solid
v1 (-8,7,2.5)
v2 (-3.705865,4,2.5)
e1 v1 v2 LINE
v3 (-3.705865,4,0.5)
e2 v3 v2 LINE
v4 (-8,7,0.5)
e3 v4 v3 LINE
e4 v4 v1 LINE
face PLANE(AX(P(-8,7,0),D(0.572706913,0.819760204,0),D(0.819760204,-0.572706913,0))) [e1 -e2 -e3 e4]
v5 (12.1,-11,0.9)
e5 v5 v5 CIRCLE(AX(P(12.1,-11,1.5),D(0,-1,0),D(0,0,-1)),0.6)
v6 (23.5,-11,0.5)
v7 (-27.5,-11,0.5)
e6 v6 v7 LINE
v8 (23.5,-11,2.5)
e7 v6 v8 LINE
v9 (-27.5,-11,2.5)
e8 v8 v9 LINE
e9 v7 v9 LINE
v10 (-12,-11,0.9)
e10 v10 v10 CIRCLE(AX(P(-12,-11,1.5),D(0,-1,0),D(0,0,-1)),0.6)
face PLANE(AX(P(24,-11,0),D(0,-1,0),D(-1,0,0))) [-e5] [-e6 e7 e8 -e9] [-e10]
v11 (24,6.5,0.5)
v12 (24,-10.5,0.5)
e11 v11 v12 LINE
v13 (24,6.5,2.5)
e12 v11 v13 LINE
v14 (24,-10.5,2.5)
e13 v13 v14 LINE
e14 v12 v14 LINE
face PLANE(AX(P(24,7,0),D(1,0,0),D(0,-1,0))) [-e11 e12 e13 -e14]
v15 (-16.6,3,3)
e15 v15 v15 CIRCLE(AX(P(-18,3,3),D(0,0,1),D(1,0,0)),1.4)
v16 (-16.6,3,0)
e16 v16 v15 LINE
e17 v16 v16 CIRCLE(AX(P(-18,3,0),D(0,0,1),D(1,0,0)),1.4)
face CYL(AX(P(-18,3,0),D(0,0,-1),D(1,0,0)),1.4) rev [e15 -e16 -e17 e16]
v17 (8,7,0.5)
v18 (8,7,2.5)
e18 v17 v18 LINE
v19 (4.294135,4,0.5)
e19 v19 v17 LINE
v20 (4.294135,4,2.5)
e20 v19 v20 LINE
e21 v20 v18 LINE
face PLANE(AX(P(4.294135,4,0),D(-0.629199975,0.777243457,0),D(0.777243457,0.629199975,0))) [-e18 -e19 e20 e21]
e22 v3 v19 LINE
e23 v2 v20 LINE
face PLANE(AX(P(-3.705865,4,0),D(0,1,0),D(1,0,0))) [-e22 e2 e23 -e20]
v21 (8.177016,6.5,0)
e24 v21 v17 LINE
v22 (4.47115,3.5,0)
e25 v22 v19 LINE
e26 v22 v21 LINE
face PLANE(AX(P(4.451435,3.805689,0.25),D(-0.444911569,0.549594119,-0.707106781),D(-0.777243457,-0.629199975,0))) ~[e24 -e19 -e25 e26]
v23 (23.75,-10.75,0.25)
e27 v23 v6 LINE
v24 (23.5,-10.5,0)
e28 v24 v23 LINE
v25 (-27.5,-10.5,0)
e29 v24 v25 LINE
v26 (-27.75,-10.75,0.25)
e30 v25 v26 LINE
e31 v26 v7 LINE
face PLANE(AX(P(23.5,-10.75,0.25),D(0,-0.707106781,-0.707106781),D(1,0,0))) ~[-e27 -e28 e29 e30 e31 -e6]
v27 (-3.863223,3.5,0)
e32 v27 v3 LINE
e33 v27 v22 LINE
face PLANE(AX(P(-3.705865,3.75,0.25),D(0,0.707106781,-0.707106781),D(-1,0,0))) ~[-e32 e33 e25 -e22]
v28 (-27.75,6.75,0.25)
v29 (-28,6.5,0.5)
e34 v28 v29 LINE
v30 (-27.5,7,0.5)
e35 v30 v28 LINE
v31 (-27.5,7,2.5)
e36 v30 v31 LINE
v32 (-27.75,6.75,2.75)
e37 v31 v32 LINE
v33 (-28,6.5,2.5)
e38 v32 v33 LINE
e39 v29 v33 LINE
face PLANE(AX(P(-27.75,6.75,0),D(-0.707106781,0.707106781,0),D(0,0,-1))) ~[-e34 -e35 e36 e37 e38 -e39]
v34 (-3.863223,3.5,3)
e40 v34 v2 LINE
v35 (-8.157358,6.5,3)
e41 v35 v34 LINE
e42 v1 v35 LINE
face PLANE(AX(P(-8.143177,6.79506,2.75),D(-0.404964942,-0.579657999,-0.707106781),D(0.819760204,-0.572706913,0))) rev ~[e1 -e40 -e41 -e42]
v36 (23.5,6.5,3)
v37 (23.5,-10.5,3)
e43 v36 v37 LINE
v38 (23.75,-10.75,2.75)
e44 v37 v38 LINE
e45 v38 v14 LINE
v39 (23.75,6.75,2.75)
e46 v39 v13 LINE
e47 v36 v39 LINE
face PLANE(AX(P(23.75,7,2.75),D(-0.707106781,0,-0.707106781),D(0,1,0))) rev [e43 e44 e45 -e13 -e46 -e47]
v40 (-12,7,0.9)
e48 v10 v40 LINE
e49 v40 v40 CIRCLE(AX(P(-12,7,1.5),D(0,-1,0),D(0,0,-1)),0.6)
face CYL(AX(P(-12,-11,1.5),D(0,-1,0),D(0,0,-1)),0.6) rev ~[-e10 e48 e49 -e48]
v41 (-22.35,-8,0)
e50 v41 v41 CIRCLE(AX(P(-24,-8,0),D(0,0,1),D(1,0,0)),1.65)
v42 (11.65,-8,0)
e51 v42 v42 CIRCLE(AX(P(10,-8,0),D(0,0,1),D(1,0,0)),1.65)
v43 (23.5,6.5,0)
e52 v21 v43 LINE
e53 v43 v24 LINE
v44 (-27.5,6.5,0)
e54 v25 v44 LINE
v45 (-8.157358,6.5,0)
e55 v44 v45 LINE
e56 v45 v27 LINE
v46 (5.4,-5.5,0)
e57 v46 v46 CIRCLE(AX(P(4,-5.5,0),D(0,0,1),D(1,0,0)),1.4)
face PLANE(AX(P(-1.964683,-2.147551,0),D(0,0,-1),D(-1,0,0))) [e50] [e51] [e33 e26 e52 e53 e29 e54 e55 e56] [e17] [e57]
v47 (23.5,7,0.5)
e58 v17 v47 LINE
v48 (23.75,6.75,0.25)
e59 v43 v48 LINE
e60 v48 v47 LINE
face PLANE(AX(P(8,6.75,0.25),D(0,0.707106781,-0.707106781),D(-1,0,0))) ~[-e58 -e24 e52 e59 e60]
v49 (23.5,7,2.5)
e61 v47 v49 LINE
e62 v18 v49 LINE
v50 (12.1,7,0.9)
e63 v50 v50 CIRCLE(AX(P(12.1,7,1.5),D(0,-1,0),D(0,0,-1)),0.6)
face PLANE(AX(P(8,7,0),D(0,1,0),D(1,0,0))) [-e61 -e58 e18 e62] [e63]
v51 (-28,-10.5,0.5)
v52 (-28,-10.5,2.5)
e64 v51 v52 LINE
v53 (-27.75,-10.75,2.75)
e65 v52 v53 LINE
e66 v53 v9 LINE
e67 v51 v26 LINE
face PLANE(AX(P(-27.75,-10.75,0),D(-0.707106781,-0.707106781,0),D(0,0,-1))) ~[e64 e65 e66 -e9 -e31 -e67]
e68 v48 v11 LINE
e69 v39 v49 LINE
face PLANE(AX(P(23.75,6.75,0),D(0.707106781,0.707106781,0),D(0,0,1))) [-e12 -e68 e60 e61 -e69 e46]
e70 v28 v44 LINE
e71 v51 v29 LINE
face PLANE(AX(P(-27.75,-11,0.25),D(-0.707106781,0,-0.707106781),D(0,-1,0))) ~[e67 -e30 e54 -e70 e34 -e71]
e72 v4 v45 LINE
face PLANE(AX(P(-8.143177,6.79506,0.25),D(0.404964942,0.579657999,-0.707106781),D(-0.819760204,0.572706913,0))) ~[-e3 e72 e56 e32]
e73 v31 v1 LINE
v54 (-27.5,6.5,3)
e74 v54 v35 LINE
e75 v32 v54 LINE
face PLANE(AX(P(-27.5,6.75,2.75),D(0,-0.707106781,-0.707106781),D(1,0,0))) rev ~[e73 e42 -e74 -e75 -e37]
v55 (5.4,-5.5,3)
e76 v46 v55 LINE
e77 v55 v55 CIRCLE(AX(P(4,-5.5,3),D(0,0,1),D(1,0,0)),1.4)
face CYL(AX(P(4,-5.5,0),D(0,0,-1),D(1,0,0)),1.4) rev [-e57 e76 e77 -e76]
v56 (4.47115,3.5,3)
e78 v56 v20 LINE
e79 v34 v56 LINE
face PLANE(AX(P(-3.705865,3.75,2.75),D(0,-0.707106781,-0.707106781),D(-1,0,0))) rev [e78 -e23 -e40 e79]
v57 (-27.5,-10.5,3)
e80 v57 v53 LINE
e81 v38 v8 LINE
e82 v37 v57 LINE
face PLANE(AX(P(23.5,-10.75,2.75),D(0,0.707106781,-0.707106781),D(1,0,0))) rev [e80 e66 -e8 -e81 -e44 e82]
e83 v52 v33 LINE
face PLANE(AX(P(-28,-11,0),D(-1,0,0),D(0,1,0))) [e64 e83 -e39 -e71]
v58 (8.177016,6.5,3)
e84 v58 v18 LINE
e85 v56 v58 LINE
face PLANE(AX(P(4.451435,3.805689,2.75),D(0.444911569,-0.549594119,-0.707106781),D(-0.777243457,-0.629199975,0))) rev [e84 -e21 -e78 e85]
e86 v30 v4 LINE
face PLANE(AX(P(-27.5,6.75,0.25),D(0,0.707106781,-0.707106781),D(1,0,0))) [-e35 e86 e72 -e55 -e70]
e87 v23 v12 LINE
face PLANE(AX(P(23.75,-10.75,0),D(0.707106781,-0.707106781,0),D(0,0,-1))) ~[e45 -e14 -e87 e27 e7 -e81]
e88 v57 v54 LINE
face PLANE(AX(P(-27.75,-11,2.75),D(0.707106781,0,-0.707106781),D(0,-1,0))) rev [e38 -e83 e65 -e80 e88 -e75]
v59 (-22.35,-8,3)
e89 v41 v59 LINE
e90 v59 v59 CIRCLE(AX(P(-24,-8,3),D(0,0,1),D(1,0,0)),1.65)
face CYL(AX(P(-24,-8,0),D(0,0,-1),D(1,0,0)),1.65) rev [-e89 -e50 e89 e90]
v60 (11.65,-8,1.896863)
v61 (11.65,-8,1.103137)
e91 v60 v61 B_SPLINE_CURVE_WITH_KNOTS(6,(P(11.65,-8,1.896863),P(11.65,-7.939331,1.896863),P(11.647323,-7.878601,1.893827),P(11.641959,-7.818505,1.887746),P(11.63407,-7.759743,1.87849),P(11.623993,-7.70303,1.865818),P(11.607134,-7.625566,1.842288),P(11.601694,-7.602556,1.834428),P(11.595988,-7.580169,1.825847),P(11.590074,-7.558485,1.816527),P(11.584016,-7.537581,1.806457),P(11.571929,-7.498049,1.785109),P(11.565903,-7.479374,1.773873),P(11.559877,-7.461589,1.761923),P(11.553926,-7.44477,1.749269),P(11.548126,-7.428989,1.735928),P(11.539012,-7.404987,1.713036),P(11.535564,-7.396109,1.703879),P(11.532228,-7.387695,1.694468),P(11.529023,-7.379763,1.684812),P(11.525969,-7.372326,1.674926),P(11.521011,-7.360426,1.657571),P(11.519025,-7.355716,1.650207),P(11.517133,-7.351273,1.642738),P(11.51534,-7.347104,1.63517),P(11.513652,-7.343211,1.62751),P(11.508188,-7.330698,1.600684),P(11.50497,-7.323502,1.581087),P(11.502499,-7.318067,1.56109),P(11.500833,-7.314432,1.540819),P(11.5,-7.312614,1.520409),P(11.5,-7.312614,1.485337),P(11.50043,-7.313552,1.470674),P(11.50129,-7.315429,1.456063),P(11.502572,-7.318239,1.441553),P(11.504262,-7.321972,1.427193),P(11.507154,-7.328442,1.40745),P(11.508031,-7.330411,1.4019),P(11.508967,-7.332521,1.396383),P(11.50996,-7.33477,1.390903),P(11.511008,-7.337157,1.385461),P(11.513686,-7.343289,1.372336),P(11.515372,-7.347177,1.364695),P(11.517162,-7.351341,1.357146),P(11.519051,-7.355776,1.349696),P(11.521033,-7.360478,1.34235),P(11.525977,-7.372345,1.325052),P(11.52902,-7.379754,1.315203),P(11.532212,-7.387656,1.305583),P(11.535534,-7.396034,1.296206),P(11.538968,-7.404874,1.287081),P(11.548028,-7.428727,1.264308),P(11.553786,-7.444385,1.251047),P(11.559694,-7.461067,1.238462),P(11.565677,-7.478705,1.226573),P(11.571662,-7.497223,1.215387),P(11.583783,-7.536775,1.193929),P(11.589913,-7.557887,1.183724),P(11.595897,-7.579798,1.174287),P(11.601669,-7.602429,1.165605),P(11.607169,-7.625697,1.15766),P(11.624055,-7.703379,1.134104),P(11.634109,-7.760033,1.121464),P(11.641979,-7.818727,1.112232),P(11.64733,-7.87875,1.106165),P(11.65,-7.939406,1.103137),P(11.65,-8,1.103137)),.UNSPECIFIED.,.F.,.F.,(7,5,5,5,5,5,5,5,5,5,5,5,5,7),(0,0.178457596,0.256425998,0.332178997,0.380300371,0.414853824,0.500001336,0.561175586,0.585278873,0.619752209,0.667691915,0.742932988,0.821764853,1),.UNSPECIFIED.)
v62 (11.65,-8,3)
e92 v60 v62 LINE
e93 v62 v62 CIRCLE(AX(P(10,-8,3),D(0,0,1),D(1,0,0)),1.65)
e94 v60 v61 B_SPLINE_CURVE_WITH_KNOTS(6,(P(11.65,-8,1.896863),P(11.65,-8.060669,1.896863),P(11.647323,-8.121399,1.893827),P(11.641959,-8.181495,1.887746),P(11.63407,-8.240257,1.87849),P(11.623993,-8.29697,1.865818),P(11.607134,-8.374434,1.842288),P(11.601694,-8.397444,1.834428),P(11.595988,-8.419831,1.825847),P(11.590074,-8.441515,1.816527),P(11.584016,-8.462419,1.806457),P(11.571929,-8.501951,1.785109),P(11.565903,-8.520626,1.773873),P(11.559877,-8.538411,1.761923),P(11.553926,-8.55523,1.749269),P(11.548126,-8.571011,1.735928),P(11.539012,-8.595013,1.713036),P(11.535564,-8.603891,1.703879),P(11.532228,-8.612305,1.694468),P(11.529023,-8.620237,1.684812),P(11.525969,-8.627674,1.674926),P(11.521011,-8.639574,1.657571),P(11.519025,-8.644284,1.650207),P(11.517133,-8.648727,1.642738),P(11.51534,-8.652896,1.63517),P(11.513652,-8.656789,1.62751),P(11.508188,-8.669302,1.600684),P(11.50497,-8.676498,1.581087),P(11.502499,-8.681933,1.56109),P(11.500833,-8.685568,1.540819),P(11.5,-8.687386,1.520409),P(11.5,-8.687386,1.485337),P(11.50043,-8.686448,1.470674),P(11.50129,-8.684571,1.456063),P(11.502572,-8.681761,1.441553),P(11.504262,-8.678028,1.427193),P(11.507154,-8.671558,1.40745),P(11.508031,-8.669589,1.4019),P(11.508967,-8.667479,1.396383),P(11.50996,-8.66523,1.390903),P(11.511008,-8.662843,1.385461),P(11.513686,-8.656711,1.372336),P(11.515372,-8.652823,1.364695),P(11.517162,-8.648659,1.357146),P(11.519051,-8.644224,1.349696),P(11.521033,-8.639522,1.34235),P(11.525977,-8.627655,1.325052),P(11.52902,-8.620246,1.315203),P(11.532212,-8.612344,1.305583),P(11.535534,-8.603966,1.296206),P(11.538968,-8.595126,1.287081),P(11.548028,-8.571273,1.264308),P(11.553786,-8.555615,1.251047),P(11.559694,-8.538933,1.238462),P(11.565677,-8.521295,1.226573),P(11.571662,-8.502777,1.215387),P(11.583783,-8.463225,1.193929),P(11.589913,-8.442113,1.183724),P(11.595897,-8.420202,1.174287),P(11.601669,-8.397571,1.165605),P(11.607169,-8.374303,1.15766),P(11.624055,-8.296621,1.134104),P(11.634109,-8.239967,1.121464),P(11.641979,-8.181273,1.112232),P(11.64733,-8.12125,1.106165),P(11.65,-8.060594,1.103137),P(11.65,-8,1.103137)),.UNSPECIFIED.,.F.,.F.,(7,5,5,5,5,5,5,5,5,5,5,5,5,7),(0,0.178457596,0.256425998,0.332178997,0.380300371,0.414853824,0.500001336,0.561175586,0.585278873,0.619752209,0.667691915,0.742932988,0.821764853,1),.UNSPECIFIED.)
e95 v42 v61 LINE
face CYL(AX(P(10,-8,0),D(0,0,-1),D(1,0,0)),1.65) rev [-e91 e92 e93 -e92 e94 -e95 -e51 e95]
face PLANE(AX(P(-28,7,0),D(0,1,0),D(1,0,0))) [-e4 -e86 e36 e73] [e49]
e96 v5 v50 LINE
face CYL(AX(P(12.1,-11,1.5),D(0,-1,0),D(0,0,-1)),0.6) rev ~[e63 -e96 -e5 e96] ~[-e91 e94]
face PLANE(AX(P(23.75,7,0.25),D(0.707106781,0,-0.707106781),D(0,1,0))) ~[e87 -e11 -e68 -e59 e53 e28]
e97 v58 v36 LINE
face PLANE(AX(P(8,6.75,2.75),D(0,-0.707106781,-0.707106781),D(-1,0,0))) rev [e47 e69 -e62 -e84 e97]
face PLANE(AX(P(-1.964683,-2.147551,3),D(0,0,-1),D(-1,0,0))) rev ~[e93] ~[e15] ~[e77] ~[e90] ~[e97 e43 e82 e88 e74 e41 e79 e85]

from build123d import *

# Parameters (mm, degrees)
SKETCH_1_R          = 1.4
SKETCH_1_R_2        = 1.65
EXTRUDE_1_DEPTH     = 3
SKETCH_2_R          = 0.6
CUT_EXTRUDE_1_DEPTH = 34.421549934
CHAMFER_2_SIZE      = 0.5
CHAMFER_3_SIZE      = 0.5


with BuildPart() as part:
    # 草图1 → 凸台-拉伸1 (new body)
    with BuildSketch(Plane.XY):
        Polygon((-8, 7), (-3.705865331, 4), (4.294134669, 4), (8, 7), (24, 7), (24, -11), (-28, -11), (-28, 7), align=None)
        with Locations((-18, 3)):
            Circle(SKETCH_1_R, mode=Mode.SUBTRACT)
        with Locations((4, -5.5)):
            Circle(SKETCH_1_R, mode=Mode.SUBTRACT)
        with Locations((-24, -8)):
            Circle(SKETCH_1_R_2, mode=Mode.SUBTRACT)
        with Locations((10, -8)):
            Circle(SKETCH_1_R_2, mode=Mode.SUBTRACT)
    extrude(amount=EXTRUDE_1_DEPTH)

    # 草图2 → 切除-拉伸1 (cut, through all)
    with BuildSketch(Plane.XZ.offset(11)):
        with Locations(Location((12.1, 1.5, 0), (0, 0, 270))):
            Circle(SKETCH_2_R)
        with Locations(Location((-12, 1.5, 0), (0, 0, 270))):
            Circle(SKETCH_2_R)
    extrude(amount=-CUT_EXTRUDE_1_DEPTH, mode=Mode.SUBTRACT)

    # 倒角2
    chamfer_2_edges = [part.edges().sort_by_distance(p)[0] for p in [
        (24, -2, 0),
        (24, -11, 1.5),
        (-28, -11, 1.5),
        (-28, 7, 1.5),
        (24, 7, 1.5),
        (-28, -2, 3),
        (24, -2, 3),
        (-28, -2, 0),
    ]]
    chamfer(chamfer_2_edges, length=CHAMFER_2_SIZE)

    # 倒角3
    chamfer_3_edges = [part.edges().sort_by_distance(p)[0] for p in [
        (0.294134669, 4, 0),
        (6.147067334, 5.5, 0),
        (6.147067334, 5.5, 3),
        (0.294134669, 4, 3),
        (-5.852932666, 5.5, 3),
        (-17.75, 7, 3),
        (15.75, 7, 3),
        (-2, -11, 3),
        (-2, -11, 0),
        (15.75, 7, 0),
        (-17.75, 7, 0),
        (-5.852932666, 5.5, 0),
    ]]
    chamfer(chamfer_3_edges, length=CHAMFER_3_SIZE)


solid = part.part
